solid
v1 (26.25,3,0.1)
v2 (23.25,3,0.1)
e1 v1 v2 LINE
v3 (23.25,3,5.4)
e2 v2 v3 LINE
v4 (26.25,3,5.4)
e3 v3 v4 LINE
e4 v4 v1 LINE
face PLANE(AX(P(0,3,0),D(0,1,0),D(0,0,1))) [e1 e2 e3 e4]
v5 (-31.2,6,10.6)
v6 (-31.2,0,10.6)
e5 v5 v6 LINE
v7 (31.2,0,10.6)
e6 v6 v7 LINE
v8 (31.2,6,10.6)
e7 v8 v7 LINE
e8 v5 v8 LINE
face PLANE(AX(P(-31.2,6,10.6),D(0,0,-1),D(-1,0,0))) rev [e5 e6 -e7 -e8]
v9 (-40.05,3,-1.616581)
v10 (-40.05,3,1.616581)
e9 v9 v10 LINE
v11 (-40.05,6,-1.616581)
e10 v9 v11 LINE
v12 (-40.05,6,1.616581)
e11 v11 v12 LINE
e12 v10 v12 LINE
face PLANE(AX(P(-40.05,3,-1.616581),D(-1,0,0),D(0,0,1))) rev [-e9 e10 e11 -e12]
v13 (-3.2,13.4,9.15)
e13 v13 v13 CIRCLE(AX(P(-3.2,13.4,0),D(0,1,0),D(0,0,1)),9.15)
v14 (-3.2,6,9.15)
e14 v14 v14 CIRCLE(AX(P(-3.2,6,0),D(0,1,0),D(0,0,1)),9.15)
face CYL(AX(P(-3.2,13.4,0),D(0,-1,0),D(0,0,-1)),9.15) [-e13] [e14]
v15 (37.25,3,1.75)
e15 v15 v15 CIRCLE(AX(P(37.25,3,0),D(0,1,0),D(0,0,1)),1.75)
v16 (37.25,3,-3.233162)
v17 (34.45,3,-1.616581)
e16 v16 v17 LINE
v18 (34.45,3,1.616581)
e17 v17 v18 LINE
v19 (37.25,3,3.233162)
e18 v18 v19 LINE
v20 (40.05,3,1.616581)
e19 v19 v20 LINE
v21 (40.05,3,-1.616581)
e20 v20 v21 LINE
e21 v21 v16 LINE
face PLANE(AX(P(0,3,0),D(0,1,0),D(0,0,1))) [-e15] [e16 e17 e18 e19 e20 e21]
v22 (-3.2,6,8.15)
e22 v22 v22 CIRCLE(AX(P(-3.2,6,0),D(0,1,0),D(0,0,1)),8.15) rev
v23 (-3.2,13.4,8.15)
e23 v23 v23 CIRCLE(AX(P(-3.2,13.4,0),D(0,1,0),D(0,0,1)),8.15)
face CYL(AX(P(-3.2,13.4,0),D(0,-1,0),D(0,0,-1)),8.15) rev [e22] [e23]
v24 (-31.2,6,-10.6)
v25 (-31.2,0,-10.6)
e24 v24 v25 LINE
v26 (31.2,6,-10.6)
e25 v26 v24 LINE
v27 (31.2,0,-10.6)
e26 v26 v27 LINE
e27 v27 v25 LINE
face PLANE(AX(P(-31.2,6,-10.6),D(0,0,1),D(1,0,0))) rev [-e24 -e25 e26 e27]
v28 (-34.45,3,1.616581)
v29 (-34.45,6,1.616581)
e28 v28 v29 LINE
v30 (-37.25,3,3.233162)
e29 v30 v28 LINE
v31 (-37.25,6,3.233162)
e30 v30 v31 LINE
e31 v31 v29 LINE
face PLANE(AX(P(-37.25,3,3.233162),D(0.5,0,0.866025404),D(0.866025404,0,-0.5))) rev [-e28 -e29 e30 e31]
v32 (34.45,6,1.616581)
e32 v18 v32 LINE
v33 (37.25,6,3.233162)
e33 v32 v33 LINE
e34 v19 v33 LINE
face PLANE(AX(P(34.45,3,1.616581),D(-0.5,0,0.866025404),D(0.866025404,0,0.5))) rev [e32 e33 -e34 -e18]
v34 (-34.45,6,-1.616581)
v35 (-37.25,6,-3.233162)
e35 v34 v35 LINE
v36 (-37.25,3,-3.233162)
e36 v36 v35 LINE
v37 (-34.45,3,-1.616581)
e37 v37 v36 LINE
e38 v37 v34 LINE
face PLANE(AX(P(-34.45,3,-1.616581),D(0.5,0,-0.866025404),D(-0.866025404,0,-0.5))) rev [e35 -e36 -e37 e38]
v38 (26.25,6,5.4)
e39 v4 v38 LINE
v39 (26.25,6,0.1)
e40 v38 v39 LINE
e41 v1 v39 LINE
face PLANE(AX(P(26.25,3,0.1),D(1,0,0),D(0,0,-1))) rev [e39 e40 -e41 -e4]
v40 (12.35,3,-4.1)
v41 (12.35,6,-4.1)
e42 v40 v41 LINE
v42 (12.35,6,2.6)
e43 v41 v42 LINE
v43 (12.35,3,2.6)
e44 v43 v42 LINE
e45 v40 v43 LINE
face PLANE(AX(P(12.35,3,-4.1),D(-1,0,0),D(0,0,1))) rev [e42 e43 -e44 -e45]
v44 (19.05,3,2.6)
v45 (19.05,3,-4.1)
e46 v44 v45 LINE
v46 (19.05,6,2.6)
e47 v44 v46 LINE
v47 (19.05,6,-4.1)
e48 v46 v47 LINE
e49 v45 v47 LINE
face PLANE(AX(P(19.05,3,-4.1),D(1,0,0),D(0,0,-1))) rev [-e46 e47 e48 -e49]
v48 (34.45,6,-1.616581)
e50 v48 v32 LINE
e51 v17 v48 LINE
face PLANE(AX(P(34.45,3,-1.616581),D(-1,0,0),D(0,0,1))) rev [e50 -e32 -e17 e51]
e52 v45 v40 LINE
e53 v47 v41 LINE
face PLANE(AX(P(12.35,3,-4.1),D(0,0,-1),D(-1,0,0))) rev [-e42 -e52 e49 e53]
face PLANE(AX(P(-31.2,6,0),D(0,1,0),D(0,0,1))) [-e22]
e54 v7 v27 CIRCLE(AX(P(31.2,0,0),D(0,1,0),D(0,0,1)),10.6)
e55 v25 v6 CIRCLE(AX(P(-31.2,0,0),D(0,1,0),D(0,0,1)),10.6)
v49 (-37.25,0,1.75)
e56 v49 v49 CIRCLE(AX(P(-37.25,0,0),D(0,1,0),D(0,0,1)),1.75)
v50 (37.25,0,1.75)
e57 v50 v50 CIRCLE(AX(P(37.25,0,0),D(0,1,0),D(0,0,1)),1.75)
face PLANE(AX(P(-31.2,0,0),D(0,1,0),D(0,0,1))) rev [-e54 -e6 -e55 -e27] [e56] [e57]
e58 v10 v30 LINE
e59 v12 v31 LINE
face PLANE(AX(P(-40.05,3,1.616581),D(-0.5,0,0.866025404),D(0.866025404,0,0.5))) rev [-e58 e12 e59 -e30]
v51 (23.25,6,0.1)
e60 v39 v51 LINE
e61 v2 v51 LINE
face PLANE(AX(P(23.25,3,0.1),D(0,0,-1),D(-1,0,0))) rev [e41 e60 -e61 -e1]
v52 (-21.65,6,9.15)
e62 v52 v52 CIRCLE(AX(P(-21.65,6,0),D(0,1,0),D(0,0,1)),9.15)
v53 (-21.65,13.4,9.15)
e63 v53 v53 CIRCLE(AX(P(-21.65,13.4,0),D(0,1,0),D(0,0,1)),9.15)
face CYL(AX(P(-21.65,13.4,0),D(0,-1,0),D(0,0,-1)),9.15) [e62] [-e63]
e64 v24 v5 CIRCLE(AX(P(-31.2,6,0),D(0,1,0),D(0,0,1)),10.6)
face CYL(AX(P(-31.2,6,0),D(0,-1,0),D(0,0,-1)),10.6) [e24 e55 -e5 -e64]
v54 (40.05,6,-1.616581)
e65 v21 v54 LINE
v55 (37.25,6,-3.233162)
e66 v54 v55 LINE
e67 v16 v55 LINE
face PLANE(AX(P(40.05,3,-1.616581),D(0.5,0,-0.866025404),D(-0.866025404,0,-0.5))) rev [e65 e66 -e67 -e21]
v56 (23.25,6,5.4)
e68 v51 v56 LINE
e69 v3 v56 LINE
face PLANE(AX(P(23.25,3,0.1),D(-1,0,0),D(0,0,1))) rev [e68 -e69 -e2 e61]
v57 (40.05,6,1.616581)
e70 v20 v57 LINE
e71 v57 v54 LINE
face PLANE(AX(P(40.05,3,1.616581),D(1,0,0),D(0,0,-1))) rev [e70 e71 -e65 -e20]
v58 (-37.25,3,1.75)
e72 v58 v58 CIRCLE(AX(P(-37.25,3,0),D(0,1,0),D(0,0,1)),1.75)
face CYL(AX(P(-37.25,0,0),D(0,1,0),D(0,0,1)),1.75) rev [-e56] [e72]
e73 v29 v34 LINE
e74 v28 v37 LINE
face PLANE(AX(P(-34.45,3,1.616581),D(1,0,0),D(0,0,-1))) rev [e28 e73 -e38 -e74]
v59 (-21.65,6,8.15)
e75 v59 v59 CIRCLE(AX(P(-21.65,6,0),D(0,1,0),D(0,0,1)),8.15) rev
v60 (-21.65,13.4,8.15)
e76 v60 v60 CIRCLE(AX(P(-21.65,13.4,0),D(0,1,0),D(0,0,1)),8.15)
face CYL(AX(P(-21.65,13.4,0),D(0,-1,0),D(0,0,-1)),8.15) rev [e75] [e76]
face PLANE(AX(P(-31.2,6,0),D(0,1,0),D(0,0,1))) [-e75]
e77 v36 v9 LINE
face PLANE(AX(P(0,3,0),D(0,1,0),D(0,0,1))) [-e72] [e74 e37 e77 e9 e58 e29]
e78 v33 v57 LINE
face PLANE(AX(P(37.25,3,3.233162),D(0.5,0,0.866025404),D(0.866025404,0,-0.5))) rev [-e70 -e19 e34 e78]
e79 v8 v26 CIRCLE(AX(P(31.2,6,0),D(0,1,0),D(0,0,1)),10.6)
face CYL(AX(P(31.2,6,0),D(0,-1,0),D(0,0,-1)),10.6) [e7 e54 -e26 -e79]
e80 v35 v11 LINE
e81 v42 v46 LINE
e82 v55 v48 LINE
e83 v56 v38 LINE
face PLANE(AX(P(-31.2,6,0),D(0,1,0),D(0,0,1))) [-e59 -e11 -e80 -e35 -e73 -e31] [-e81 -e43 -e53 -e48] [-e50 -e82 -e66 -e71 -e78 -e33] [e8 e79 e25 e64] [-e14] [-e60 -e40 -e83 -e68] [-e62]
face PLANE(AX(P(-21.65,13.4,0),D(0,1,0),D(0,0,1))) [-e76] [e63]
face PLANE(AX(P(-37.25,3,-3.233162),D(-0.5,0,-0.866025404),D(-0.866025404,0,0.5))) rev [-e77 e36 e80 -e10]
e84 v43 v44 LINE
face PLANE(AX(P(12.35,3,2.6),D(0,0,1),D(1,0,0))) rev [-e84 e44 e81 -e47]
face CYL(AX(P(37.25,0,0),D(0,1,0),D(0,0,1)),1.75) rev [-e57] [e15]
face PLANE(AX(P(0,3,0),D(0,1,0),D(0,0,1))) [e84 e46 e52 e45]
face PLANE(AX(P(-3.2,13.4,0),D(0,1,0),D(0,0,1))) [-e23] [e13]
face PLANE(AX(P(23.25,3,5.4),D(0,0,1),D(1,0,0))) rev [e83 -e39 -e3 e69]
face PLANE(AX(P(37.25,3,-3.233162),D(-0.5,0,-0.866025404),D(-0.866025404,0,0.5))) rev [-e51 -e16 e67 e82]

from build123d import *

# Parameters (mm, degrees)
BOSS_EXTRUDE1_DEPTH = 6
SKETCH2_R           = 9.15
SKETCH2_R_2         = 8.15
BOSS_EXTRUDE2_DEPTH = 7.4
CUT_EXTRUDE1_DEPTH  = 3
SKETCH4_R           = 1.75
CUT_EXTRUDE2_DEPTH  = 45.359440934
SKETCH5_W           = 3
SKETCH5_H           = 5.3
SKETCH5_W_2         = 6.7
SKETCH5_H_2         = 6.7
CUT_EXTRUDE3_DEPTH  = 3


with BuildPart() as part:
    # Sketch1 → Boss-Extrude1 (new body)
    with BuildSketch(Plane(origin=(0, 0, 0), x_dir=(1, 0, 0), z_dir=(0, 1, 0))):
        with BuildLine():
            Line((-31.2, 10.6), (31.2, 10.6))
            ThreePointArc((31.2, 10.6), (41.8, 0), (31.2, -10.6))
            Line((31.2, -10.6), (-31.2, -10.6))
            ThreePointArc((-31.2, -10.6), (-41.8, 0), (-31.2, 10.6))
        make_face()
    extrude(amount=BOSS_EXTRUDE1_DEPTH)

    # Sketch2 → Boss-Extrude2 (add)
    # profile 1 of 2: a face of its own
    with BuildSketch(Plane(origin=(0, 6, 0), x_dir=(1, 0, 0), z_dir=(0, 1, 0))):
        with Locations(Location((-21.65, 0, 0), (0, 0, 270))):
            Circle(SKETCH2_R)
        with Locations(Location((-21.65, 0, 0), (0, 0, 270))):
            Circle(SKETCH2_R_2, mode=Mode.SUBTRACT)
    # profile 2 of 2: a face of its own
    with BuildSketch(Plane(origin=(0, 6, 0), x_dir=(1, 0, 0), z_dir=(0, 1, 0))):
        with Locations(Location((-3.2, 0, 0), (0, 0, 270))):
            Circle(SKETCH2_R)
        with Locations(Location((-3.2, 0, 0), (0, 0, 270))):
            Circle(SKETCH2_R_2, mode=Mode.SUBTRACT)
    extrude(amount=BOSS_EXTRUDE2_DEPTH)

    # Sketch3 → Cut-Extrude1 (cut)
    with BuildSketch(Plane(origin=(0, 6, 0), x_dir=(1, 0, 0), z_dir=(0, 1, 0))):
        Polygon((-37.25, -3.233161507), (-34.45, -1.616580754), (-34.45, 1.616580754), (-37.25, 3.233161507), (-40.05, 1.616580754), (-40.05, -1.616580754), align=None)
        Polygon((37.25, -3.233161507), (40.05, -1.616580754), (40.05, 1.616580754), (37.25, 3.233161507), (34.45, 1.616580754), (34.45, -1.616580754), align=None)
    extrude(amount=-CUT_EXTRUDE1_DEPTH, mode=Mode.SUBTRACT)

    # Sketch4 → Cut-Extrude2 (cut, through all)
    with BuildSketch(Plane(origin=(0, 3, 0), x_dir=(1, 0, 0), z_dir=(0, 1, 0))):
        with Locations(Location((-37.25, 0, 0), (0, 0, 270))):
            Circle(SKETCH4_R)
        with Locations(Location((37.25, 0, 0), (0, 0, 270))):
            Circle(SKETCH4_R)
    extrude(amount=-CUT_EXTRUDE2_DEPTH, mode=Mode.SUBTRACT)

    # Sketch5 → Cut-Extrude3 (cut)
    with BuildSketch(Plane(origin=(0, 6, 0), x_dir=(1, 0, 0), z_dir=(0, 1, 0))):
        with Locations((24.75, -2.75)):
            Rectangle(SKETCH5_W, SKETCH5_H)
        with Locations((15.7, 0.75)):
            Rectangle(SKETCH5_W_2, SKETCH5_H_2)
    extrude(amount=-CUT_EXTRUDE3_DEPTH, mode=Mode.SUBTRACT)


solid = part.part
